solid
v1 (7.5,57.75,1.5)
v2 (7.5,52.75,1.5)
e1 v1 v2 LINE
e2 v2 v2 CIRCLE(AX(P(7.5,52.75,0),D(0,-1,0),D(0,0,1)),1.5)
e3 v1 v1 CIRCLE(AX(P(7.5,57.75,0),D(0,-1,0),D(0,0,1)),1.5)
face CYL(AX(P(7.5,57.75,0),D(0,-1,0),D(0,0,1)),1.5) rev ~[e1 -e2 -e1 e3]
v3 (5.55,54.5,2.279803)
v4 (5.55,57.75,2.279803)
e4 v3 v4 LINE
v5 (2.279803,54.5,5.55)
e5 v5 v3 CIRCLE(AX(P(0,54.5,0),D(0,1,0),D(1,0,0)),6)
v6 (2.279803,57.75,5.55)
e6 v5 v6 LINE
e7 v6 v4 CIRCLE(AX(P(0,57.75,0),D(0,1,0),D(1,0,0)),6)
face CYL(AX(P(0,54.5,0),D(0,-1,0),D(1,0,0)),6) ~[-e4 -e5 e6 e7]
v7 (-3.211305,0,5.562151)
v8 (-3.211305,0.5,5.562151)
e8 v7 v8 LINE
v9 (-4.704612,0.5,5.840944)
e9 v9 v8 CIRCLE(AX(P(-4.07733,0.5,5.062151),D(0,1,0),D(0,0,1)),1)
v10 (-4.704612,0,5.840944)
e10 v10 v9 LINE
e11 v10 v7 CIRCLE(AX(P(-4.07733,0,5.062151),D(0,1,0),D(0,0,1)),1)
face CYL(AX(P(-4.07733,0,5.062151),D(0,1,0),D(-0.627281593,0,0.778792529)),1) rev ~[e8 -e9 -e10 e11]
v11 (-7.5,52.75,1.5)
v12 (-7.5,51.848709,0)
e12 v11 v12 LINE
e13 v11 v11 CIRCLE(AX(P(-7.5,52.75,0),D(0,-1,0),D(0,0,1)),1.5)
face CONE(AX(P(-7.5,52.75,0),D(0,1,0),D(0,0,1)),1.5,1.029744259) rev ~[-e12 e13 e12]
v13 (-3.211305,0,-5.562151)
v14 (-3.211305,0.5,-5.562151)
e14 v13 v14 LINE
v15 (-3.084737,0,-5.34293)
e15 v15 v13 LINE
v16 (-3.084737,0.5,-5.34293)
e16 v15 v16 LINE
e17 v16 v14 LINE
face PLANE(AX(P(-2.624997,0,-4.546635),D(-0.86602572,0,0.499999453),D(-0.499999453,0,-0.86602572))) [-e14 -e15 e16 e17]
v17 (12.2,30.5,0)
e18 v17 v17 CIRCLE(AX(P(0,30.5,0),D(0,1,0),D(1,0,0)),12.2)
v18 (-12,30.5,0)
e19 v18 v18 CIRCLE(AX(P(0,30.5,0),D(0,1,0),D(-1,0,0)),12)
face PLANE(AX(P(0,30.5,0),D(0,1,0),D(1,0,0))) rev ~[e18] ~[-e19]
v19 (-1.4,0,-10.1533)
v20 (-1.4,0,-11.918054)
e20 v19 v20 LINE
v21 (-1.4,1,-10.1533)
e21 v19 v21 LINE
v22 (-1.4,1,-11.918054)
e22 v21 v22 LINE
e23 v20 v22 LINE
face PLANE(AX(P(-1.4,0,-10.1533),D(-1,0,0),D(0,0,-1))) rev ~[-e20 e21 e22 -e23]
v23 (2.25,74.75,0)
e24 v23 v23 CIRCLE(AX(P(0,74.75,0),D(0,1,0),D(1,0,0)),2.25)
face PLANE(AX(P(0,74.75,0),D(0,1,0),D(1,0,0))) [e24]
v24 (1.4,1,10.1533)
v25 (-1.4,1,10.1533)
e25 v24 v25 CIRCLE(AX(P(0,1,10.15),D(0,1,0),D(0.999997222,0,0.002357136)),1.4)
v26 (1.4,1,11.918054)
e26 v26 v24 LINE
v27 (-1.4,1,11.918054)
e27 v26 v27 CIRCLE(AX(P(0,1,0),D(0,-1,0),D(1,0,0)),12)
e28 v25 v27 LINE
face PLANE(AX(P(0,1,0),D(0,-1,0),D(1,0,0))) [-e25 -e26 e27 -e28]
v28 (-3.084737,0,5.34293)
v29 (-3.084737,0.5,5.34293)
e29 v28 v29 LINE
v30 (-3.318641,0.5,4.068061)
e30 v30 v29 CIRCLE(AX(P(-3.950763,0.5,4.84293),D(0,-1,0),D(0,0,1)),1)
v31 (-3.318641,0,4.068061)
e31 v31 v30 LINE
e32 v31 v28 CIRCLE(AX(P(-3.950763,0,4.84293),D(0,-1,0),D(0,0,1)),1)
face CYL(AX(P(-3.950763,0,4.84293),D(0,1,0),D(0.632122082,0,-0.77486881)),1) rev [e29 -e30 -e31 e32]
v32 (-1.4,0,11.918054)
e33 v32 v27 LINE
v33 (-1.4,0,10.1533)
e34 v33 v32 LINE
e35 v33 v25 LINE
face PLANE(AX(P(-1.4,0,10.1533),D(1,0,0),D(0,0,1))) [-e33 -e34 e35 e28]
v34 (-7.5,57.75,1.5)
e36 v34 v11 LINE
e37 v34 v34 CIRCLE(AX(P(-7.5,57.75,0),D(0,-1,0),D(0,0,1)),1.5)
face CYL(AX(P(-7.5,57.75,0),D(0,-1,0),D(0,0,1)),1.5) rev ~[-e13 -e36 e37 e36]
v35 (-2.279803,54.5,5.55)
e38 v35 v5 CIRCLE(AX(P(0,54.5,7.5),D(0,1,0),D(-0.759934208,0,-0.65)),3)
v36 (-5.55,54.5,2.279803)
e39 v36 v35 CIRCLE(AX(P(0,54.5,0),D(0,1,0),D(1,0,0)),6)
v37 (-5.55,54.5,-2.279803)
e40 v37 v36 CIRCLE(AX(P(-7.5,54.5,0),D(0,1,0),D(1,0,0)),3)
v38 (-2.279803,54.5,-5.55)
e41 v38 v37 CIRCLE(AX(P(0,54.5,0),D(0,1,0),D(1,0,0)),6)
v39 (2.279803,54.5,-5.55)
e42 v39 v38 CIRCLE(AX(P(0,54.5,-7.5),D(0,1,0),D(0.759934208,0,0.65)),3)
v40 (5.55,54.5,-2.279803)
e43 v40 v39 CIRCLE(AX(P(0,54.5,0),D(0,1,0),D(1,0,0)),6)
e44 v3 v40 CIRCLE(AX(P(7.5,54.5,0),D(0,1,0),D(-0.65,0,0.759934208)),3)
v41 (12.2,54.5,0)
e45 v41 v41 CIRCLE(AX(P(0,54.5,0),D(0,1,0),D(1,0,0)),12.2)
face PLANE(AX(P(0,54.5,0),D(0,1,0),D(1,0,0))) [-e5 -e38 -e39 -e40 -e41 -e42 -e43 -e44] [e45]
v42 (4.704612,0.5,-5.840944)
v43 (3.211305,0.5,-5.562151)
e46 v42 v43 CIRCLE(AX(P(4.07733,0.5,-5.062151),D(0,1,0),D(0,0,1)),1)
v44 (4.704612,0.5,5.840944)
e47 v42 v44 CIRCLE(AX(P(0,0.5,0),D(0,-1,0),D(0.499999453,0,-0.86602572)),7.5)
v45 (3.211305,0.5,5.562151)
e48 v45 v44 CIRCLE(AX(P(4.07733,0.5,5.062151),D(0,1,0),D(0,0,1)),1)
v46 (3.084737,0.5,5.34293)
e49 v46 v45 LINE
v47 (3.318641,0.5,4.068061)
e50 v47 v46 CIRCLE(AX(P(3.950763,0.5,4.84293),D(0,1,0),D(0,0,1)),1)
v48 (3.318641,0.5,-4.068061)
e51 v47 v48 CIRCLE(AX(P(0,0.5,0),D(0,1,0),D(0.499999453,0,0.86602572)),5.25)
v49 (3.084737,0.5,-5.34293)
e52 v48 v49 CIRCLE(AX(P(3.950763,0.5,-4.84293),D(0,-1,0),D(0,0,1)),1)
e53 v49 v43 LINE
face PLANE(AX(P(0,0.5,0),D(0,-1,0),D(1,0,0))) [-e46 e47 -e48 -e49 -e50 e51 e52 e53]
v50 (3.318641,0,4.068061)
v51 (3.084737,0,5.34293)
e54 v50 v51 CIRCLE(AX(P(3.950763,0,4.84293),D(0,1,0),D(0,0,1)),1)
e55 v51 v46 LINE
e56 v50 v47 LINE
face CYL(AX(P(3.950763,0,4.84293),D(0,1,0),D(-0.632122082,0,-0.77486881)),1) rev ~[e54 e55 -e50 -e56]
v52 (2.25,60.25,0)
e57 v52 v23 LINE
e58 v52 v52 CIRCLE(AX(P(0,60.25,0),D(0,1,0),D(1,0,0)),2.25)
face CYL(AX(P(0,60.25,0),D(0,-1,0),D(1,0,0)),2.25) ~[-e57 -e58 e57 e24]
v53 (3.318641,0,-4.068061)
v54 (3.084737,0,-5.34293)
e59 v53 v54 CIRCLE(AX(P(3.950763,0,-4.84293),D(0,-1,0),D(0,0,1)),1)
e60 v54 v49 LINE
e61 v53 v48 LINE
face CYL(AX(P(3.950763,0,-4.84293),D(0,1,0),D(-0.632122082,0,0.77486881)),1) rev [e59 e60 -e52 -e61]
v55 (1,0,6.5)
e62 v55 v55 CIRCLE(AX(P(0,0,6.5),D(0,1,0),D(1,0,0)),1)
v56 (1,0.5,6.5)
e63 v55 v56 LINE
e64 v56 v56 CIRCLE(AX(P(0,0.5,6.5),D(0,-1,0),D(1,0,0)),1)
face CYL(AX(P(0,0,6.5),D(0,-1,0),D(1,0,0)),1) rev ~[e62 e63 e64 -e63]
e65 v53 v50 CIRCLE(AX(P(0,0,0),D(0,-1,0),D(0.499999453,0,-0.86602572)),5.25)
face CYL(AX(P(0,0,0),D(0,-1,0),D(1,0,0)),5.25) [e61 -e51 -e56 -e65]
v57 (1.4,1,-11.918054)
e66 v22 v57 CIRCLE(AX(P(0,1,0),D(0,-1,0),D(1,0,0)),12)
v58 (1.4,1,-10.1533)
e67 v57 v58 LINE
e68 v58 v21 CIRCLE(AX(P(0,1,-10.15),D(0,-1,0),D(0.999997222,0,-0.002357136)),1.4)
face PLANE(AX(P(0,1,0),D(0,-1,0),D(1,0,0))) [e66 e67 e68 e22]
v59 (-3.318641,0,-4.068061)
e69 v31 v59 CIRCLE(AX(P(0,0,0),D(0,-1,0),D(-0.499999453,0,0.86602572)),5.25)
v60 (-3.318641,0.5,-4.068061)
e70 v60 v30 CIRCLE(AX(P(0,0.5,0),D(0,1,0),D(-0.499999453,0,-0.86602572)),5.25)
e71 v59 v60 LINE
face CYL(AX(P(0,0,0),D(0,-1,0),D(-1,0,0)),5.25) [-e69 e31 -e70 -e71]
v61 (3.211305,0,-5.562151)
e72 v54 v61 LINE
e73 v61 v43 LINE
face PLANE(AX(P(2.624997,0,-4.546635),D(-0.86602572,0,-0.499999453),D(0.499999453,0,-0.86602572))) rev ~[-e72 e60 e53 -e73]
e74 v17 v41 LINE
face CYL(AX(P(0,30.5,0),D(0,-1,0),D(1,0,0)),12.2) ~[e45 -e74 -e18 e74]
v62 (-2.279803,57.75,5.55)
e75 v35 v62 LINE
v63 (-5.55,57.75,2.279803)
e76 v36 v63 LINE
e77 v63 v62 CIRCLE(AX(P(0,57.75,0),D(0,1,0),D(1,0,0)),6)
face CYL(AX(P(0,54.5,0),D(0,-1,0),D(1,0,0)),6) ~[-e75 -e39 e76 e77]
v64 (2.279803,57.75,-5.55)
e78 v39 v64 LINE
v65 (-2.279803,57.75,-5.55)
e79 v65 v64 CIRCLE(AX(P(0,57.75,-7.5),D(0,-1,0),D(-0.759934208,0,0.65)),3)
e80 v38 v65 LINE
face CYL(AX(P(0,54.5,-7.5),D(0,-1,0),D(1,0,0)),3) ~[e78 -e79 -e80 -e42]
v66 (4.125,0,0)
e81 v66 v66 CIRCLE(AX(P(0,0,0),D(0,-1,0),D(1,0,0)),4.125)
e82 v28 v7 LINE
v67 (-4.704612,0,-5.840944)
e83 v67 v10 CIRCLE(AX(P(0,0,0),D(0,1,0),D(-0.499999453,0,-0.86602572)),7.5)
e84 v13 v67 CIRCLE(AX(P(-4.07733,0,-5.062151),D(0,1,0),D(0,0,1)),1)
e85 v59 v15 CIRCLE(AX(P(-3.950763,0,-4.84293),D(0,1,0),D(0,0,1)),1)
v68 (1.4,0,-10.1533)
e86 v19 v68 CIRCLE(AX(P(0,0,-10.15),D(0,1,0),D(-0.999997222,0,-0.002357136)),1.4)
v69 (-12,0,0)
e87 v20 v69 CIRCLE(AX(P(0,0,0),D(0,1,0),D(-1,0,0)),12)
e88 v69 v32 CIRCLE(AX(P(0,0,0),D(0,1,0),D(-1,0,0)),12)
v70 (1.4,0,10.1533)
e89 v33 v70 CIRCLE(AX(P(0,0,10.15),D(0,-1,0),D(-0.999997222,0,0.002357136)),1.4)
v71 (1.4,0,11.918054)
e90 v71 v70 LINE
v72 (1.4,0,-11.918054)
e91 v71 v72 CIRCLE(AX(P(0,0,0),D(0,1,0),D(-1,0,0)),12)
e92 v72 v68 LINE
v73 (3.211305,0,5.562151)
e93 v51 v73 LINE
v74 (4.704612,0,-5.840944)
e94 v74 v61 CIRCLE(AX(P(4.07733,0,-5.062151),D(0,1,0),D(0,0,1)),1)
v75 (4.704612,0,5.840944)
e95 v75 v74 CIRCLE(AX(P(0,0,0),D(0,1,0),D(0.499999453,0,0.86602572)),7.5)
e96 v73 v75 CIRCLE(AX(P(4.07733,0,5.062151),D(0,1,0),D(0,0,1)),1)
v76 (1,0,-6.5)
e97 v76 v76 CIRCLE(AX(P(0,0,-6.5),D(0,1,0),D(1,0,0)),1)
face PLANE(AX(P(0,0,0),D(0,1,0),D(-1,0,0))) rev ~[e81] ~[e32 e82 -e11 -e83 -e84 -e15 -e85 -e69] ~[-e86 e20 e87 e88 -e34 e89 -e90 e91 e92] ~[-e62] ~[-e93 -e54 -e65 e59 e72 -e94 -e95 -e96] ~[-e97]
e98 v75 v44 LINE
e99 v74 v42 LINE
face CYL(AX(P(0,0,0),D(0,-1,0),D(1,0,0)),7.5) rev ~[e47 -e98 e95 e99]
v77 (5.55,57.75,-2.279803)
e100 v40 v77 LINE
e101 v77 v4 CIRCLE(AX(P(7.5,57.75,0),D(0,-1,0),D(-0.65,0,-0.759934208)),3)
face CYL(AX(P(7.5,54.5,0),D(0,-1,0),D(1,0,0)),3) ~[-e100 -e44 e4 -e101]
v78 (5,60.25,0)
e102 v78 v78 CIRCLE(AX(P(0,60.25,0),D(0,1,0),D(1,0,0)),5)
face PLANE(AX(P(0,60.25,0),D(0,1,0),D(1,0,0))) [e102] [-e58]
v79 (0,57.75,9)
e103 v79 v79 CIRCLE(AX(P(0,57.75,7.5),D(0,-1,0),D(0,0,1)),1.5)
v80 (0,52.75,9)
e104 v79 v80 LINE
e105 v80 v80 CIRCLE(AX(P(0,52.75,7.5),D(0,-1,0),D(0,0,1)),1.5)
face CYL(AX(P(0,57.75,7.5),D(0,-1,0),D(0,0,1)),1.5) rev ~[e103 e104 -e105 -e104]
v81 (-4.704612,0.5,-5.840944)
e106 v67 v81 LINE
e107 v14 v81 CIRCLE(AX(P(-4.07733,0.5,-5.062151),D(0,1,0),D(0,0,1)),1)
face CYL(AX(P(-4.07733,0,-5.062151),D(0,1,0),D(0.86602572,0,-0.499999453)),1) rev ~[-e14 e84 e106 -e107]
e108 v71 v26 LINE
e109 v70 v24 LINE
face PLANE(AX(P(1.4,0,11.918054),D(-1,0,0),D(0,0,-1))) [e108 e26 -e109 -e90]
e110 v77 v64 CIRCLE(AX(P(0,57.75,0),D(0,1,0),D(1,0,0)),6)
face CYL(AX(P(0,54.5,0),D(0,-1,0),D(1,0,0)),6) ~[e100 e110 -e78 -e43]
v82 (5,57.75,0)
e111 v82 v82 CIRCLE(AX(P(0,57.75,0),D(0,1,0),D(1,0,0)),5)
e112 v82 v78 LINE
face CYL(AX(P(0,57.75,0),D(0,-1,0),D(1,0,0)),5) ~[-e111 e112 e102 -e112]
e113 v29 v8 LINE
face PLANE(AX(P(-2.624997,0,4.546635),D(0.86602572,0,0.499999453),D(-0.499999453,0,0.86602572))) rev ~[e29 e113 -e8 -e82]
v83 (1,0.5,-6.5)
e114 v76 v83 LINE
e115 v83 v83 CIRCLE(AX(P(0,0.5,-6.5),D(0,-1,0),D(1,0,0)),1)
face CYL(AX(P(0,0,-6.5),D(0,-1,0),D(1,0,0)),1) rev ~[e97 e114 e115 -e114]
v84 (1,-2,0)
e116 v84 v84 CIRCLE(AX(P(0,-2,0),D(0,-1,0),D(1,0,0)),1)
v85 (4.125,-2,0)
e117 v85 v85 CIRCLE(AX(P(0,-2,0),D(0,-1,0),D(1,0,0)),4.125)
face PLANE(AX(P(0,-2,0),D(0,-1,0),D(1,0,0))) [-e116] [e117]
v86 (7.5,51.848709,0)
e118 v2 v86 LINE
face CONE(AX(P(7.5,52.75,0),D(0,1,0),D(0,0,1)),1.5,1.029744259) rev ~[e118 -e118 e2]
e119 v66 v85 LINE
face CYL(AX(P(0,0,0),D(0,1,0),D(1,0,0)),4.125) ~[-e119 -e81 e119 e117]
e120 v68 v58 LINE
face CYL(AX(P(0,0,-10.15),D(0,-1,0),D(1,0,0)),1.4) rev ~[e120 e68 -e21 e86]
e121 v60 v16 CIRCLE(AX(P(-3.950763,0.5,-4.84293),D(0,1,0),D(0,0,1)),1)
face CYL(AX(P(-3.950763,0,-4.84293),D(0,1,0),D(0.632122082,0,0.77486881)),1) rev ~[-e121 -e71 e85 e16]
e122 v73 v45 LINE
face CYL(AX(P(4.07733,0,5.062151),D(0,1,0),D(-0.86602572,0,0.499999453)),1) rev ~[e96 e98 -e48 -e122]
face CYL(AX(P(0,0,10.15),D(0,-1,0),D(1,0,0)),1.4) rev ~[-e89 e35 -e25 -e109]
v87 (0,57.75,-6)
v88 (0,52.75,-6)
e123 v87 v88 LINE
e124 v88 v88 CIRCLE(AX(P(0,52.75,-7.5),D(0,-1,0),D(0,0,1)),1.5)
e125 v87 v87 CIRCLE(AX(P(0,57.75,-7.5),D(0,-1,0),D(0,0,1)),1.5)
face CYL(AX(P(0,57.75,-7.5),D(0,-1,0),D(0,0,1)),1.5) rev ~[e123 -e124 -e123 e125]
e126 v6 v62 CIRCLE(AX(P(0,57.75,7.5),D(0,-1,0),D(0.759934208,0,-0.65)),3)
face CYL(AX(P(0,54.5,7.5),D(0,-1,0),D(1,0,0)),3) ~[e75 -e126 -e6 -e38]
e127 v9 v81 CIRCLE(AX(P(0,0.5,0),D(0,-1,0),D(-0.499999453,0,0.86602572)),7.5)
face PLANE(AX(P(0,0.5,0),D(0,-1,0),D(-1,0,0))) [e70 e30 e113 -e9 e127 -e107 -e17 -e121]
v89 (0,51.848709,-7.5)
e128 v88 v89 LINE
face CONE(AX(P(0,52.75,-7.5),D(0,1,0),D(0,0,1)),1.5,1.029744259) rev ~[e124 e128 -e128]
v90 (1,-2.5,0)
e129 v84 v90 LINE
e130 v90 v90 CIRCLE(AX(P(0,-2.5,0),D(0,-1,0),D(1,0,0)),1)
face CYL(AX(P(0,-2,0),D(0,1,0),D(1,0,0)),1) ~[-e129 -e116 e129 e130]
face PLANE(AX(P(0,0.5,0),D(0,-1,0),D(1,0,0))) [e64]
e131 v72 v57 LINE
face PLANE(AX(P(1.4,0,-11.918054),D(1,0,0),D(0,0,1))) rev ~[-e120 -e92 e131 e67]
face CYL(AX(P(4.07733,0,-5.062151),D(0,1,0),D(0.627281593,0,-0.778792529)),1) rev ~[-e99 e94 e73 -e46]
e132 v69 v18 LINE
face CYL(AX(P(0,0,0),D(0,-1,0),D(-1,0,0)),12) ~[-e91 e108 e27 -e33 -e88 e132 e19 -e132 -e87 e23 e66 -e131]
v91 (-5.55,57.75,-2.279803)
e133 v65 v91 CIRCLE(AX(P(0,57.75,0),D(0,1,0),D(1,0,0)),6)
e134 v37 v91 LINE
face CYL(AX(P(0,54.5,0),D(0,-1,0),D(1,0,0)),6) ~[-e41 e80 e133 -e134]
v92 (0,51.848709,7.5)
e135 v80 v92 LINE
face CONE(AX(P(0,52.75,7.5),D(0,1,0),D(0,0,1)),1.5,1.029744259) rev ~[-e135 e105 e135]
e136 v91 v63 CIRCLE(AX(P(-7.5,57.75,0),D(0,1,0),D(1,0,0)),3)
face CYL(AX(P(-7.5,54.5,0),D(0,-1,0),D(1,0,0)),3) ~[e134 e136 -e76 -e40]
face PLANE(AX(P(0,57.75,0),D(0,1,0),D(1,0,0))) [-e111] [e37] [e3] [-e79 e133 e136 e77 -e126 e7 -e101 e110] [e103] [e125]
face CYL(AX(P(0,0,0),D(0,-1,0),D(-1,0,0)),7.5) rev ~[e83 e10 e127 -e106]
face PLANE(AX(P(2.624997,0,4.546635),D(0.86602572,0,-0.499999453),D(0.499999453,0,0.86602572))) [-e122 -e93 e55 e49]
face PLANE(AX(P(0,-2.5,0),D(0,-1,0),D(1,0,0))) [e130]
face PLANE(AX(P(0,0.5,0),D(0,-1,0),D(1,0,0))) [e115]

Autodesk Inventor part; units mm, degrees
ref_plane "YZ Plane" through (0, 0, 0) normal (1, 0, 0) x (0, 1, 0)
ref_plane "XZ Plane" through (0, 0, 0) normal (0, 1, 0) x (-1, 0, 0)
ref_plane "XY Plane" through (0, 0, 0) normal (0, 0, 1) x (1, 0, 0)
sketch "Sketch1" plane through (0, 0, 0) normal (0, 1, 0) x (-1, 0, 0)
  circle A0 centre (0, 0) radius 12
  dimension "d0" = 24
extrude "Extrusion1" add sketch "Sketch1" along normal blind 30.5
sketch "Sketch2" plane through (0, 30.5, 0) normal (0, 1, 0) x (1, 0, 0)
  circle A0 centre (0, 0) radius 12 projected
  circle A1 centre (0, 0) radius 12.2
  dimension "d3" = 24.4
extrude "Extrusion2" add sketch "Sketch2" along normal blind 24 contours A0 | A1
sketch "Sketch3" plane through (0, 54.5, 0) normal (0, 1, 0) x (1, 0, 0)
  circle A0 centre (0, 0) radius 6
  dimension "d6" = 12
extrude "Extrusion3" add sketch "Sketch3" along normal blind 3.25
sketch "Sketch4" plane through (0, 54.5, 0) normal (0, 1, 0) x (1, 0, 0)
  circle A0 centre (0, 0) radius 6 projected
  circle A1 centre (0, 0) radius 12.2 projected
  line L0 (0, 0) -> (-7.5, 0)
  circle A2 centre (-7.5, 0) radius 3
  circle A3 centre (0, -7.5) radius 3
  circle A4 centre (7.5, 0) radius 3
  circle A5 centre (0, 7.5) radius 3
  point P0 (-5.55, 2.2798)
  point P1 (-5.55, -2.2798)
  point P2 (2.2798, 5.55)
  point P3 (-2.2798, 5.55)
  point P4 (5.55, -2.2798)
  point P5 (5.55, 2.2798)
  point P6 (-2.2798, -5.55)
  point P7 (2.2798, -5.55)
  dimension "d9" = 7.5
  dimension "d10" = 6
  dimension "d13" = 360
extrude "Extrusion4" add sketch "Sketch4" along normal blind 3.25 contours A0 A4 | A0 A5 | A3 A0 | A0 A2 picked at (7.2585, 0.8906) picked at (-1.2671, 6.9374) picked at (-1.2671, -6.9374)
sketch "Sketch5" plane through (0, 57.75, 0) normal (0, 1, 0) x (1, 0, 0)
  arc A0 (5.55, 2.2798) -> (2.2798, 5.55) centre (0, 0) ccw projected
  arc A1 (2.2798, 5.55) -> (-2.2798, 5.55) centre (0, 7.5) ccw projected
  arc A2 (-2.2798, 5.55) -> (-5.55, 2.2798) centre (0, 0) ccw projected
  arc A3 (-5.55, 2.2798) -> (-5.55, -2.2798) centre (-7.5, 0) ccw projected
  arc A4 (-5.55, -2.2798) -> (-2.2798, -5.55) centre (0, 0) ccw projected
  arc A5 (-2.2798, -5.55) -> (2.2798, -5.55) centre (0, -7.5) ccw projected
  arc A6 (2.2798, -5.55) -> (5.55, -2.2798) centre (0, 0) ccw projected
  arc A7 (5.55, -2.2798) -> (5.55, 2.2798) centre (7.5, 0) ccw projected
hole "Hole1" at (-7.5, 57.75, 0) at (0, 57.75, 7.5) at (7.5, 57.75, 0) at (0, 57.75, -7.5) direction (0, -1, 0) diameter 3 depth 5 tip angle 118
sketch "Sketch6" plane through (0, 57.75, 0) normal (0, 1, 0) x (1, 0, 0)
  circle A0 centre (0, 0) radius 5
  dimension "d24" = 10
extrude "Extrusion5" add sketch "Sketch6" along normal blind 2.5
sketch "Sketch7" plane through (0, 60.25, 0) normal (0, 1, 0) x (1, 0, 0)
  circle A0 centre (0, 0) radius 2.25
  dimension "d27" = 4.5
extrude "Extrusion6" add sketch "Sketch7" along normal blind 14.5
sketch "Sketch8" plane through (0, 0, 0) normal (0, -1, 0) x (1, 0, 0)
  circle A0 centre (0, 0) radius 4.125
  dimension "d30" = 8.25
extrude "Extrusion7" add sketch "Sketch8" along normal blind 2
sketch "Sketch9" plane through (0, -2, 0) normal (0, -1, 0) x (1, 0, 0)
  circle A0 centre (0, 0) radius 4.125 projected
  circle A1 centre (0, 0) radius 1
  dimension "d33" = 2
extrude "Extrusion8" add sketch "Sketch9" along normal blind 0.5 contours A1
sketch "Sketch10" plane through (0, 0, 0) normal (0, -1, 0) x (1, 0, 0)
  circle A0 centre (0, 0) radius 4.125 projected
  circle A1 centre (0, 0) radius 12 projected
  line L0 (0, 0) -> (0, -6.5)
  line L1 (0, 0) -> (0, 6.5)
  circle A2 centre (0, 6.5) radius 1
  circle A3 centre (0, -6.5) radius 1
  dimension "d36" = 6.5
  dimension "d37" = 6.5
  dimension "d38" = 2
  dimension "d39" = 2
extrude "Extrusion9" cut sketch "Sketch10" against normal blind 0.5 contours A3 | A2
sketch "Sketch11" plane through (0, 0, 0) normal (0, -1, 0) x (1, 0, 0)
  circle A0 centre (0, -6.5) radius 1 projected
  circle A1 centre (0, 6.5) radius 1 projected
  circle A2 centre (0, 0) radius 4.125 projected
  circle A3 centre (0, 0) radius 12 projected
  line L0 (0, 0) -> (0, -10.15)
  line L1 (0, 0) -> (0, 10.15)
  circle A4 centre (0, 10.15) radius 1.4
  circle A5 centre (0, -10.15) radius 1.4
  arc A6 (2.2798, 5.55) -> (-2.2798, 5.55) centre (0, 7.5) ccw projected
  line L2 (1.4, 10.1533) -> (-1.4, 10.1533)
  line L3 (-1.4, 10.1533) -> (-1.4, 13.1533)
  line L4 (-1.4, 13.1533) -> (1.4, 13.1533)
  line L5 (1.4, 13.1533) -> (1.4, 10.1533)
  arc A7 (-2.2798, -5.55) -> (2.2798, -5.55) centre (0, -7.5) ccw projected
  line L6 (1.4, -10.1533) -> (-1.4, -10.1533)
  line L7 (-1.4, -10.1533) -> (-1.4, -13.1533)
  line L8 (-1.4, -13.1533) -> (1.4, -13.1533)
  line L9 (1.4, -13.1533) -> (1.4, -10.1533)
  point P0 (-1.4, -10.1533)
  point P1 (-1.4, -11.9181)
  point P2 (1.4, -11.9181)
  point P3 (1.4, 11.9181)
  point P4 (-1.4, 11.9181)
  point P5 (-1.4, 10.1533)
  dimension "d44" = 2.8
  dimension "d45" = 2.8
  dimension "d42" = 10.15
  dimension "d43" = 10.15
  dimension "d46" = 2.8
  dimension "d47" = 3
  dimension "d48" = 2.8
  dimension "d49" = 3
extrude "Extrusion10" cut sketch "Sketch11" against normal blind 1 contours A5 L6 | A7 A5 | L6 A7 | A5 L9 A3 L7 | A3 L5 A4 L3 | A4 L2 | A4 A6 | A6 L2
sketch "Sketch12" plane through (0, 0, 0) normal (0, -1, 0) x (1, 0, 0)
  line L0 (1.4, -10.1533) -> (1.4, -11.9181) projected
  arc A0 (1.4, -11.9181) -> (1.4, 11.9181) centre (0, 0) ccw projected
  line L1 (1.4, 11.9181) -> (1.4, 10.1533) projected
  arc A1 (-1.4, 10.1533) -> (1.4, 10.1533) centre (0, 10.15) ccw projected
  line L2 (-1.4, 10.1533) -> (-1.4, 11.9181) projected
  arc A2 (-1.4, 11.9181) -> (-1.4, -11.9181) centre (0, 0) ccw projected
  line L3 (-1.4, -11.9181) -> (-1.4, -10.1533) projected
  arc A3 (1.4, -10.1533) -> (-1.4, -10.1533) centre (0, -10.15) ccw projected
  circle A4 centre (0, -6.5) radius 1 projected
  circle A5 centre (0, 6.5) radius 1 projected
  circle A6 centre (0, 0) radius 4.125 projected
  circle A7 centre (0, 0) radius 5.25
  circle A8 centre (0, 0) radius 7.5
  line L4 (0, 0) -> (7.5, 0)
  line L5 (0, 0) -> (3.75, -6.4952)
  line L6 (0, 0) -> (3.75, 6.4952)
  point P0 (2.625, 4.5466)
  point P1 (2.625, -4.5466)
  dimension "d52" = 10.5
  dimension "d53" = 15
  dimension "d54" = 60
  dimension "d55" = 60
extrude "Extrusion11" cut sketch "Sketch12" against normal blind 0.5 contours L5 A7 L4 A8 | A8 L4 A7 L6
fillet "Fillet1" radius 1 4 edges at (3.75, 0.25, 6.4952) (2.625, 0.25, 4.5466) (2.625, 0.25, -4.5466) (3.75, 0.25, -6.4952)
pattern_circular "Circular Pattern1" count 2 over 360 about axis through (0, 0, 0) along (0, -1, 0) of "Extrusion11", "Fillet1"
properties part number "motor_2"
